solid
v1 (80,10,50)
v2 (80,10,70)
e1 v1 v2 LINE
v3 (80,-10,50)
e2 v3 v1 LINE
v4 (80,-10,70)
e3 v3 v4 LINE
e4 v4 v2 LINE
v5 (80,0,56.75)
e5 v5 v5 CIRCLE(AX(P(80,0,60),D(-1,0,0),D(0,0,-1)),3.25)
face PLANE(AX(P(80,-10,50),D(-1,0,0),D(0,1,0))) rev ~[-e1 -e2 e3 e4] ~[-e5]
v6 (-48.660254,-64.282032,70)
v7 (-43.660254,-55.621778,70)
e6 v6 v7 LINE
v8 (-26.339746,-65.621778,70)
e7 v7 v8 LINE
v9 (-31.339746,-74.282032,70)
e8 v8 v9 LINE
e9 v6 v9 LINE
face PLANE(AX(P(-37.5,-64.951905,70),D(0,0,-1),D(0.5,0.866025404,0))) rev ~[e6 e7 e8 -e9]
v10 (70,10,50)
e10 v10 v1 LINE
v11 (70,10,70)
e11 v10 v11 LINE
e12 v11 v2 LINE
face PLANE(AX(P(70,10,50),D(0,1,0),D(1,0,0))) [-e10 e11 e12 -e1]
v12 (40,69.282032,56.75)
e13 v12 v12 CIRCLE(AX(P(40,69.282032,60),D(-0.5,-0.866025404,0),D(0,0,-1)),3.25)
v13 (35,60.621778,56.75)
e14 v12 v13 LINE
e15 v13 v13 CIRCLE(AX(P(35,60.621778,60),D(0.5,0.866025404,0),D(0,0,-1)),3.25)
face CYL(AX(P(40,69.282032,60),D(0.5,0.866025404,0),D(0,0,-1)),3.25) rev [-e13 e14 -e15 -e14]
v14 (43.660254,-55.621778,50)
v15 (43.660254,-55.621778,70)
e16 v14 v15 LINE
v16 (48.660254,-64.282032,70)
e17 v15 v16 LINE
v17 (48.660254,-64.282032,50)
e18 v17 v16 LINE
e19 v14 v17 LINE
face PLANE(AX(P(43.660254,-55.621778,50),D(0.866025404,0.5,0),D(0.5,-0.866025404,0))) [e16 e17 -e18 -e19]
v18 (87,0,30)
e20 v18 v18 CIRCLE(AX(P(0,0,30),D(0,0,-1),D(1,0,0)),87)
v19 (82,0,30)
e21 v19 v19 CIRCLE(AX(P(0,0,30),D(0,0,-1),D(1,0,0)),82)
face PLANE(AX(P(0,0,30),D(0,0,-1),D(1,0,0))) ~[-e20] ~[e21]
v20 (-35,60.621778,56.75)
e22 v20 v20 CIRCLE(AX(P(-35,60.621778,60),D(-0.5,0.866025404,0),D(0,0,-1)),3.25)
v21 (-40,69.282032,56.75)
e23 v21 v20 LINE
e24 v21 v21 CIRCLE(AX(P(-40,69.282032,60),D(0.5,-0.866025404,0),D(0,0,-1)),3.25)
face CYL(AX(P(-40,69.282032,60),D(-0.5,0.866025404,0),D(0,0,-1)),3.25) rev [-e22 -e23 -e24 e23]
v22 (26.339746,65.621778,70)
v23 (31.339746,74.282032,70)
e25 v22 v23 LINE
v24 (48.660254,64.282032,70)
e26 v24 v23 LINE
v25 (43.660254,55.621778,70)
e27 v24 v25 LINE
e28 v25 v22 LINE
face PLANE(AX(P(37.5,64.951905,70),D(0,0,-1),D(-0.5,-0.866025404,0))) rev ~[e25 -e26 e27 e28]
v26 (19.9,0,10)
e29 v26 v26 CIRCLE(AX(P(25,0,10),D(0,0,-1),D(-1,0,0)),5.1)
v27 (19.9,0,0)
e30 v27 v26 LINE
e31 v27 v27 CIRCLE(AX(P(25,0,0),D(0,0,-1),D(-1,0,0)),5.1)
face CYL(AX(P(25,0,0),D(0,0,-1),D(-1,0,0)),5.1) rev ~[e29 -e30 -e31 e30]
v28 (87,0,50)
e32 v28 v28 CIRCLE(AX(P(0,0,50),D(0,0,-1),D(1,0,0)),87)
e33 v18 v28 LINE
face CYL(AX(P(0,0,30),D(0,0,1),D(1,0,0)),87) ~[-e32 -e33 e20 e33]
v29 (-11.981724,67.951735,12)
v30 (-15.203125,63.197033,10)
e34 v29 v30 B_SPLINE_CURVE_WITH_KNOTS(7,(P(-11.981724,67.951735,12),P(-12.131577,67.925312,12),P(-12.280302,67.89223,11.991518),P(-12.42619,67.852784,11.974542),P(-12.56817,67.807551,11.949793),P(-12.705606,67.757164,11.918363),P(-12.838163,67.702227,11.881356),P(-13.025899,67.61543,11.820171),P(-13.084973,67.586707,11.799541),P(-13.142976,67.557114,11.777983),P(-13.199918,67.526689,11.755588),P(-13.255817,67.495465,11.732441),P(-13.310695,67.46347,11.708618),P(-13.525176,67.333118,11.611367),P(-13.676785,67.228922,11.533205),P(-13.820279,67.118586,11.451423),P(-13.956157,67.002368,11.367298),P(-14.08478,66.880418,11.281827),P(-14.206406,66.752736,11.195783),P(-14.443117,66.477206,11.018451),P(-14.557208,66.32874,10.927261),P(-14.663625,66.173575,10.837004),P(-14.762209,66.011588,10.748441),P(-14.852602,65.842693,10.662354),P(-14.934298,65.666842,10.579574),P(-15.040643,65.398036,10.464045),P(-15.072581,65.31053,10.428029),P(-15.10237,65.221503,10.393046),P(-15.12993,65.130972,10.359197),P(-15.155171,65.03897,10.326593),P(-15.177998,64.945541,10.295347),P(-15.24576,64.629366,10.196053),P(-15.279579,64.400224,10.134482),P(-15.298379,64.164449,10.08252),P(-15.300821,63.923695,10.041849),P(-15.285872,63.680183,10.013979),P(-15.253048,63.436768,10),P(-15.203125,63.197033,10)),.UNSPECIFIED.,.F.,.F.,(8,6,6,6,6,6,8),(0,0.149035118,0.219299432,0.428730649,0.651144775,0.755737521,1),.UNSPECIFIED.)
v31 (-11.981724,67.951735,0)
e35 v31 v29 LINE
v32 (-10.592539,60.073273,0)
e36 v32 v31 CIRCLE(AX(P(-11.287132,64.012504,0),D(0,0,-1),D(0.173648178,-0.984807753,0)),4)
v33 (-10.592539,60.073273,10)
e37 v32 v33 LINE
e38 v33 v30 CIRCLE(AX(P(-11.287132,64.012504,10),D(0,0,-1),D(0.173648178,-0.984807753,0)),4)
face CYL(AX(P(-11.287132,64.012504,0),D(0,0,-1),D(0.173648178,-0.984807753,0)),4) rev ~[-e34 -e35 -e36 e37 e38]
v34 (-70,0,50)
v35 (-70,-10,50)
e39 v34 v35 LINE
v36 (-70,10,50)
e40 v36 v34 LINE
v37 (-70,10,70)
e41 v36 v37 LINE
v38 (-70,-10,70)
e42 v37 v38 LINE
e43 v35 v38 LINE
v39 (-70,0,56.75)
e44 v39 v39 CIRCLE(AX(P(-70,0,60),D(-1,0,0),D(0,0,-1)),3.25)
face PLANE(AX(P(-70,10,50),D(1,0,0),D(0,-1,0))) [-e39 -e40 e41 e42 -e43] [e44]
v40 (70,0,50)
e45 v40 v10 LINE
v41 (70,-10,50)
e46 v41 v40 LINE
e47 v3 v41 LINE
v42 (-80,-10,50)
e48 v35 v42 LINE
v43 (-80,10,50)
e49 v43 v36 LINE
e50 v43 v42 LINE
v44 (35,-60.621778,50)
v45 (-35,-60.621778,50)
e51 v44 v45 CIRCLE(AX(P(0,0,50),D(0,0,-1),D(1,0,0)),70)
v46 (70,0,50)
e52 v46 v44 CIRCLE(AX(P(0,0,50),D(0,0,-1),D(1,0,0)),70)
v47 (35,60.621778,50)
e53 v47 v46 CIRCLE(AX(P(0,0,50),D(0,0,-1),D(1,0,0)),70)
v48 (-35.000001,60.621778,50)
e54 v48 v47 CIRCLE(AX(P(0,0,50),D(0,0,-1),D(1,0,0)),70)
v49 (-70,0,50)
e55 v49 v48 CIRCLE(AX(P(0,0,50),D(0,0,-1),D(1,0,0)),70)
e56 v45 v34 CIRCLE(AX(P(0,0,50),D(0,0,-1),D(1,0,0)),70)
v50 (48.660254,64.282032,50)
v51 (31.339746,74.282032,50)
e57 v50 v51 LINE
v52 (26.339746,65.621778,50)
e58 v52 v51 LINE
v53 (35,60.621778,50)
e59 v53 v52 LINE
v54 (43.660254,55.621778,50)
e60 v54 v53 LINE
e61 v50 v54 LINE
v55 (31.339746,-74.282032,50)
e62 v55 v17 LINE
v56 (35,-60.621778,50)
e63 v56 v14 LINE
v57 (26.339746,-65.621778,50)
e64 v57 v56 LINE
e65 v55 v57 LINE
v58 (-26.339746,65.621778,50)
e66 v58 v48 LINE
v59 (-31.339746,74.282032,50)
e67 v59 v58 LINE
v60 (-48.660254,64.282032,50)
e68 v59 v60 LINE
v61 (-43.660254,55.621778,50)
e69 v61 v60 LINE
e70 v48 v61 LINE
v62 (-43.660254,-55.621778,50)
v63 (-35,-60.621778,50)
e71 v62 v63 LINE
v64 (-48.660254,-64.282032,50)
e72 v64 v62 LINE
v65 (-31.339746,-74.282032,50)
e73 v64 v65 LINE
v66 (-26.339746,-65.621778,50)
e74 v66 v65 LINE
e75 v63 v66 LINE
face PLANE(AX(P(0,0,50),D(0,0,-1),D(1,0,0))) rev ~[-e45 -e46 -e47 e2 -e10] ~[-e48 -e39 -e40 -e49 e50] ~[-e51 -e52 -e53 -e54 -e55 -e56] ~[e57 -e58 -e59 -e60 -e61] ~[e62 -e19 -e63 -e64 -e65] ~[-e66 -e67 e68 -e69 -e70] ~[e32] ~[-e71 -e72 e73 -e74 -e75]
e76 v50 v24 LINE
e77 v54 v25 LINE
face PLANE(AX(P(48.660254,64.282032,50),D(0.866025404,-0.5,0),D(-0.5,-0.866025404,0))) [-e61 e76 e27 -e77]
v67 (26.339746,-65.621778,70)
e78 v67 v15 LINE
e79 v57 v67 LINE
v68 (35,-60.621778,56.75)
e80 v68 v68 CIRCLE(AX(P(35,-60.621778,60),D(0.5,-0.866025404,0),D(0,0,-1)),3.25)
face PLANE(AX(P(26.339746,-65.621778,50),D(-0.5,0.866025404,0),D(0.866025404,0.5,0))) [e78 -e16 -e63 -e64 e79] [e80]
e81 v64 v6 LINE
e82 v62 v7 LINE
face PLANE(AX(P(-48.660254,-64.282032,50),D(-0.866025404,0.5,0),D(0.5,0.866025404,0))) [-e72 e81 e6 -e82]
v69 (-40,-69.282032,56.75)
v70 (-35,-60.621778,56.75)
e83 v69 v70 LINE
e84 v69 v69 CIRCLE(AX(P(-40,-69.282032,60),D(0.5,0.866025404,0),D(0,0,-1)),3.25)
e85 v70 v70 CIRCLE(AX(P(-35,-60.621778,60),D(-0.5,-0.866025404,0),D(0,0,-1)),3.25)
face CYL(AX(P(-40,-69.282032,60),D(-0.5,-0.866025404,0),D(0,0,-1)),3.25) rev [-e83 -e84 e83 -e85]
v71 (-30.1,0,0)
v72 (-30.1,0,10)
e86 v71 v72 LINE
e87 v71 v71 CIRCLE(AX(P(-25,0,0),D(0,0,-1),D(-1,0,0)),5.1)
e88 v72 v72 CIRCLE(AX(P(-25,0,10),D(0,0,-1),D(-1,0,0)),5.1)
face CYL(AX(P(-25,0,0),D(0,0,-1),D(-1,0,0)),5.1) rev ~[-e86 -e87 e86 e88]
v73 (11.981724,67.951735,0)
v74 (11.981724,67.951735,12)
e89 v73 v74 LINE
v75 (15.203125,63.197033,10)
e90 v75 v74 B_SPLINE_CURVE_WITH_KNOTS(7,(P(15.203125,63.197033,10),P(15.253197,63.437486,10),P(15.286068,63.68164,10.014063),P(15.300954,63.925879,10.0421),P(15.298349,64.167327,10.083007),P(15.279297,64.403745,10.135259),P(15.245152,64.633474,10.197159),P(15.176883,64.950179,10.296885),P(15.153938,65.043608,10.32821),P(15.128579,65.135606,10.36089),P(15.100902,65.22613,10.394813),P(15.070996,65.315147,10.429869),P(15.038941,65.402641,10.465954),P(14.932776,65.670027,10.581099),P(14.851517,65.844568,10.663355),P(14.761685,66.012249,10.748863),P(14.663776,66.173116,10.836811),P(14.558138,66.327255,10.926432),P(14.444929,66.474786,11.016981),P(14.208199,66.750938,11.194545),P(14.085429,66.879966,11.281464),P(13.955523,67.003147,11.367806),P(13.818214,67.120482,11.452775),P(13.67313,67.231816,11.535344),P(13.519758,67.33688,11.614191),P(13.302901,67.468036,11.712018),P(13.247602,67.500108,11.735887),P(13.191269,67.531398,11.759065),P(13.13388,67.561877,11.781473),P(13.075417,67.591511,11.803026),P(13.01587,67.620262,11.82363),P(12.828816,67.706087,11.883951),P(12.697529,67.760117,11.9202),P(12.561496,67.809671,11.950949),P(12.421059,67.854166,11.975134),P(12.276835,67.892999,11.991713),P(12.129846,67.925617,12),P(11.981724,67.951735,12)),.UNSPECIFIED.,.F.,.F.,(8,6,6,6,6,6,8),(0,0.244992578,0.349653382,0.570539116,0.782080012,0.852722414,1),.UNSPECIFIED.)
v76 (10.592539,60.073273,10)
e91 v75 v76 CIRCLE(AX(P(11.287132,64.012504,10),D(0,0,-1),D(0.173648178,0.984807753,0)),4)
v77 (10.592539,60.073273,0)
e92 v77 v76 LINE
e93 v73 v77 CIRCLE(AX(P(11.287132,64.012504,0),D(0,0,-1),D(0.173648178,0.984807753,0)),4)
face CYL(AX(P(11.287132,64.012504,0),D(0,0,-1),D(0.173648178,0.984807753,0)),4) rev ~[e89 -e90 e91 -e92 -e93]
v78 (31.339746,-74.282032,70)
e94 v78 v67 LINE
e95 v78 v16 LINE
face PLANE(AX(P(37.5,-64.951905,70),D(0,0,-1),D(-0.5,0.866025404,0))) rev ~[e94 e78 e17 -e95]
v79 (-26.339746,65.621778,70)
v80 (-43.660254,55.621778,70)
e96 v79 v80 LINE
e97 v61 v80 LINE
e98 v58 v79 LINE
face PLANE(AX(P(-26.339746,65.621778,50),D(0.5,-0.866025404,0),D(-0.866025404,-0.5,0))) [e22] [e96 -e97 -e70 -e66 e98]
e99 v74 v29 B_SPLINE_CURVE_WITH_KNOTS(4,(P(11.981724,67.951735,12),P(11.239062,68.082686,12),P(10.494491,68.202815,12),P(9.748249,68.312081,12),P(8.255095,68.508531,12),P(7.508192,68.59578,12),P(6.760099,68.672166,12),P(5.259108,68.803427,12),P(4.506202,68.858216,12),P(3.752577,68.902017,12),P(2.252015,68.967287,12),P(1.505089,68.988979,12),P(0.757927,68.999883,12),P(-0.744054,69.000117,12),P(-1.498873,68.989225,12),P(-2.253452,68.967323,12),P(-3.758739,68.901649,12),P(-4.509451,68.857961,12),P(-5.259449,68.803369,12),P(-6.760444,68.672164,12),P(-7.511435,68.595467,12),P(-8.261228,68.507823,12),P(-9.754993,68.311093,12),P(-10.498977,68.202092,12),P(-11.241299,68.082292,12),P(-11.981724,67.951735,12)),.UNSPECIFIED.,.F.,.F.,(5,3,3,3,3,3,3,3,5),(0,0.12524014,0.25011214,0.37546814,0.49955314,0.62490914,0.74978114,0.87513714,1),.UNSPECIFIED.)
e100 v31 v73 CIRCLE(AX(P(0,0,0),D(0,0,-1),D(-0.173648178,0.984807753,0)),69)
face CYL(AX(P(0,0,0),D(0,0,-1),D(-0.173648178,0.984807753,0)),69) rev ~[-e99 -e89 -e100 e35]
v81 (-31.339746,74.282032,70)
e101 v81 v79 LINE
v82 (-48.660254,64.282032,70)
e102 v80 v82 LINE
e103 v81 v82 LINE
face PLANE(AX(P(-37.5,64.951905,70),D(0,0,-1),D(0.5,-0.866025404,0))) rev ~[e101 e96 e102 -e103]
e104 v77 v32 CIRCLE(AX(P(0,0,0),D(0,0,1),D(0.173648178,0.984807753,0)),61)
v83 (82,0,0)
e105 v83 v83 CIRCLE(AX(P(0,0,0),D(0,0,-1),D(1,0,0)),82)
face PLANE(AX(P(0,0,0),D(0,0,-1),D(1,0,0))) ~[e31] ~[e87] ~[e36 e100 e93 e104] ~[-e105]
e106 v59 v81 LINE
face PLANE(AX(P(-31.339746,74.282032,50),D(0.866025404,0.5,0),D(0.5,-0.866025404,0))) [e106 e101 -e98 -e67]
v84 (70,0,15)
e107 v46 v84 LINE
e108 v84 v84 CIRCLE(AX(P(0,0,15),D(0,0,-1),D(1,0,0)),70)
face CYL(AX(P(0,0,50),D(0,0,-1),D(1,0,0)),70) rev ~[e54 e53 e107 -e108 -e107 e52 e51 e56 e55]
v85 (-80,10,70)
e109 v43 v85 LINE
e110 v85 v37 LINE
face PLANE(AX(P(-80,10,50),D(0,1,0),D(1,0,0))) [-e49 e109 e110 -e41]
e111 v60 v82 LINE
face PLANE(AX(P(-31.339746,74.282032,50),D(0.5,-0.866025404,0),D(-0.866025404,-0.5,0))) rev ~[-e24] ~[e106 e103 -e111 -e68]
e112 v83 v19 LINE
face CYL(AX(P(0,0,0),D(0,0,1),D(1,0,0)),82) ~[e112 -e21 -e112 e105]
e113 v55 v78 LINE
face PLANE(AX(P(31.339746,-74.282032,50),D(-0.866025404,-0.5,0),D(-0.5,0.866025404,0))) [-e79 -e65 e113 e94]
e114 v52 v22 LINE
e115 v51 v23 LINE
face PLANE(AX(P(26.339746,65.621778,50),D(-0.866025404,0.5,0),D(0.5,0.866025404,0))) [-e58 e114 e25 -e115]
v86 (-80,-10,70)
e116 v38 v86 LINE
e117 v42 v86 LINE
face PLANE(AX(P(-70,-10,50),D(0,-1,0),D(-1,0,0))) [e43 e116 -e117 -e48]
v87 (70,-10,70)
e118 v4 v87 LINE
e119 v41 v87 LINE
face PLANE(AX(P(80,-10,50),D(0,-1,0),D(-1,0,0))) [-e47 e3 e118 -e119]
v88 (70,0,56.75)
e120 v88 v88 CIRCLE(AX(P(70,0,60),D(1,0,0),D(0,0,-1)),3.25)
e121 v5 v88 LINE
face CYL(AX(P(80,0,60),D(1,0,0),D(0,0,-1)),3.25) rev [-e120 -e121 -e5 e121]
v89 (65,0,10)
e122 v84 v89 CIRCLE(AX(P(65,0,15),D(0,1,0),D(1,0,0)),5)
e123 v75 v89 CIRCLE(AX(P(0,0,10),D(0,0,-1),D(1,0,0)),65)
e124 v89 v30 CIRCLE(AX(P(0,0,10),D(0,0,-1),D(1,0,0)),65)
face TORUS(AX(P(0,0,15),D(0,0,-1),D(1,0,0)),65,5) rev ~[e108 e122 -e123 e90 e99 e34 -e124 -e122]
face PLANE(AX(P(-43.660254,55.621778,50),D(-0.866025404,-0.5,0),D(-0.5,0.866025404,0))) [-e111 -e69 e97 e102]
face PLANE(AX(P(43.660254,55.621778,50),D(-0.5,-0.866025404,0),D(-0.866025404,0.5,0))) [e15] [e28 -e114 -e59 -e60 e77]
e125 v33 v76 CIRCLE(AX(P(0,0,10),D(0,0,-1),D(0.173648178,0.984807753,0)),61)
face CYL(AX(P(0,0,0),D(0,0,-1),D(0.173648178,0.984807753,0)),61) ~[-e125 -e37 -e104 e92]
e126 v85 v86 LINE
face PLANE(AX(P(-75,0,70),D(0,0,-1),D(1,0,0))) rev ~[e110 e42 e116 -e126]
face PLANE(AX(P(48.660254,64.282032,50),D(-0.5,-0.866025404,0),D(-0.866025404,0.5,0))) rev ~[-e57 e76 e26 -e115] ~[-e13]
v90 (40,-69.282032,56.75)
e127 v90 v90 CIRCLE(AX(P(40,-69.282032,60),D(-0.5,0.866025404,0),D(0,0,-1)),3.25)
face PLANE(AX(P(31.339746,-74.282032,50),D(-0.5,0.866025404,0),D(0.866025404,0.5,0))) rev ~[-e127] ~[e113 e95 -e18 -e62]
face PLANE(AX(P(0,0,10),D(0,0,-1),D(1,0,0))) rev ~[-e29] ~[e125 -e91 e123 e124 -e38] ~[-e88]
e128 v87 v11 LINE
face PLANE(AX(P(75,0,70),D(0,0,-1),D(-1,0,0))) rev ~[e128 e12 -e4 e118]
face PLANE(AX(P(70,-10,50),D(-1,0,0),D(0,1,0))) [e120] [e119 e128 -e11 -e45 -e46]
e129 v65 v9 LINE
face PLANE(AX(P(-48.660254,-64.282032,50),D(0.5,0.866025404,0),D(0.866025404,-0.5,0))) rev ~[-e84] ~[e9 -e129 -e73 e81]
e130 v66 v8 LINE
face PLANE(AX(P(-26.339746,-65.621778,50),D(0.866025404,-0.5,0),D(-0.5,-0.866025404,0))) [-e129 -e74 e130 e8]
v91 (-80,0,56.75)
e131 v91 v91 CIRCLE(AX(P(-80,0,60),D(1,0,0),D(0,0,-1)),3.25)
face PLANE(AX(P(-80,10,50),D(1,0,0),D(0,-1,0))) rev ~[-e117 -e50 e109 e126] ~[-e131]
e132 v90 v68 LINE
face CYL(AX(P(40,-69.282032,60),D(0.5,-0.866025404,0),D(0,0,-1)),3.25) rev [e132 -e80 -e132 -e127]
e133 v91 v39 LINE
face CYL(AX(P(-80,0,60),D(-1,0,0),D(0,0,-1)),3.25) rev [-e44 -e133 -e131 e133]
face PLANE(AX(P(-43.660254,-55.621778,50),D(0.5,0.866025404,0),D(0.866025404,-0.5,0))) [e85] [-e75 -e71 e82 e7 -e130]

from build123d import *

# Parameters (mm, degrees)
CUT_EXTRUDE1_REACH  = 134.808
SKETCH3_R           = 5.1
BOSS_EXTRUDE3_DEPTH = 20
CUT_EXTRUDE2_REACH  = 202.893
SKETCH6_R           = 3.25
CIRPATTERN1_COUNT   = 6


with BuildPart() as part:
    # Sketch1 → Revolve1 (revolve)
    with BuildSketch(Plane(origin=(0, 0, 0), x_dir=(1, 0, 0), z_dir=(0, 1, 0))):
        with BuildLine():
            Line((0, 0), (82, 0))
            Line((82, 0), (82, -30))
            Line((82, -30), (87, -30))
            Line((87, -30), (87, -50))
            Line((87, -50), (70, -50))
            Line((70, -50), (70, -15))
            ThreePointArc((70, -15), (68.535533906, -11.464466094), (65, -10))
            Line((65, -10), (0, -10))
            Line((0, -10), (0, 0))
        make_face()
    revolve(axis=Axis((0, 0, 0), (0, 0, -1)))

    # Sketch3 → Cut-Extrude1 (cut, up to next)
    with BuildSketch(Plane(origin=(0, 0, 0), x_dir=(-1, 0, 0), z_dir=(0, 0, -1)), mode=Mode.PRIVATE) as cut_extrude1_sk1:
        with Locations((-25, 0)):
            Circle(SKETCH3_R)
    cut_extrude1_tool1 = extrude(cut_extrude1_sk1.sketch, amount=-CUT_EXTRUDE1_REACH, mode=Mode.PRIVATE) & part.part
    # Sketch3 → Cut-Extrude1 (cut, up to next)
    with BuildSketch(Plane(origin=(0, 0, 0), x_dir=(-1, 0, 0), z_dir=(0, 0, -1)), mode=Mode.PRIVATE) as cut_extrude1_sk2:
        with Locations((25, 0)):
            Circle(SKETCH3_R)
    cut_extrude1_tool2 = extrude(cut_extrude1_sk2.sketch, amount=-CUT_EXTRUDE1_REACH, mode=Mode.PRIVATE) & part.part
    # Sketch3 → Cut-Extrude1 (cut, up to next)
    with BuildSketch(Plane(origin=(0, 0, 0), x_dir=(-1, 0, 0), z_dir=(0, 0, -1)), mode=Mode.PRIVATE) as cut_extrude1_sk3:
        with BuildLine():
            ThreePointArc((10.592538838, 60.073272934), (15.22636256, 63.317911235), (11.981724259, 67.951734958))
            ThreePointArc((11.981724259, 67.951734958), (0, 69), (-11.981724259, 67.951734958))
            ThreePointArc((-11.981724259, 67.951734958), (-15.22636256, 63.317911235), (-10.592538838, 60.073272934))
            ThreePointArc((-10.592538838, 60.073272934), (0, 61), (10.592538838, 60.073272934))
        make_face()
    cut_extrude1_tool3 = extrude(cut_extrude1_sk3.sketch, amount=-CUT_EXTRUDE1_REACH, mode=Mode.PRIVATE) & part.part
    add(cut_extrude1_tool1.solids().sort_by_distance((25, 0, 0))[0], mode=Mode.SUBTRACT)
    add(cut_extrude1_tool2.solids().sort_by_distance((-25, 0, 0))[0], mode=Mode.SUBTRACT)
    add(cut_extrude1_tool3.solids().sort_by_distance((0, 64.527802, 0))[0], mode=Mode.SUBTRACT)

    # Sketch5 → Boss-Extrude3 (add)
    with BuildSketch(Plane.XY.offset(50)):
        Polygon((80, 10), (80, 0), (80, -10), (70, -10), (70, 10), align=None)
    boss_extrude3 = extrude(amount=BOSS_EXTRUDE3_DEPTH)

    # Sketch6 → Cut-Extrude2 (cut, up to next)
    with BuildSketch(Plane(origin=(80, 0, 0), x_dir=(0, 1, 0), z_dir=(-1, 0, 0)), mode=Mode.PRIVATE) as cut_extrude2_sk1:
        with Locations(Location((0, -60, 0), (0, 0, 90))):
            Circle(SKETCH6_R)
    cut_extrude2_tool1 = extrude(cut_extrude2_sk1.sketch, amount=CUT_EXTRUDE2_REACH, mode=Mode.PRIVATE) & part.part
    cut_extrude2 = cut_extrude2_tool1.solids().sort_by_distance((80, 0, 60))[0]
    add(cut_extrude2, mode=Mode.SUBTRACT)

    # CirPattern1: Boss-Extrude3, Cut-Extrude2 ×6 about axis
    cirpattern1_axis = Axis((0, 0, 0), (0, 0, 1))
    add([boss_extrude3.rotate(cirpattern1_axis, i * 360 / CIRPATTERN1_COUNT) for i in range(1, CIRPATTERN1_COUNT)])
    add([cut_extrude2.rotate(cirpattern1_axis, i * 360 / CIRPATTERN1_COUNT) for i in range(1, CIRPATTERN1_COUNT)], mode=Mode.SUBTRACT)


solid = part.part
